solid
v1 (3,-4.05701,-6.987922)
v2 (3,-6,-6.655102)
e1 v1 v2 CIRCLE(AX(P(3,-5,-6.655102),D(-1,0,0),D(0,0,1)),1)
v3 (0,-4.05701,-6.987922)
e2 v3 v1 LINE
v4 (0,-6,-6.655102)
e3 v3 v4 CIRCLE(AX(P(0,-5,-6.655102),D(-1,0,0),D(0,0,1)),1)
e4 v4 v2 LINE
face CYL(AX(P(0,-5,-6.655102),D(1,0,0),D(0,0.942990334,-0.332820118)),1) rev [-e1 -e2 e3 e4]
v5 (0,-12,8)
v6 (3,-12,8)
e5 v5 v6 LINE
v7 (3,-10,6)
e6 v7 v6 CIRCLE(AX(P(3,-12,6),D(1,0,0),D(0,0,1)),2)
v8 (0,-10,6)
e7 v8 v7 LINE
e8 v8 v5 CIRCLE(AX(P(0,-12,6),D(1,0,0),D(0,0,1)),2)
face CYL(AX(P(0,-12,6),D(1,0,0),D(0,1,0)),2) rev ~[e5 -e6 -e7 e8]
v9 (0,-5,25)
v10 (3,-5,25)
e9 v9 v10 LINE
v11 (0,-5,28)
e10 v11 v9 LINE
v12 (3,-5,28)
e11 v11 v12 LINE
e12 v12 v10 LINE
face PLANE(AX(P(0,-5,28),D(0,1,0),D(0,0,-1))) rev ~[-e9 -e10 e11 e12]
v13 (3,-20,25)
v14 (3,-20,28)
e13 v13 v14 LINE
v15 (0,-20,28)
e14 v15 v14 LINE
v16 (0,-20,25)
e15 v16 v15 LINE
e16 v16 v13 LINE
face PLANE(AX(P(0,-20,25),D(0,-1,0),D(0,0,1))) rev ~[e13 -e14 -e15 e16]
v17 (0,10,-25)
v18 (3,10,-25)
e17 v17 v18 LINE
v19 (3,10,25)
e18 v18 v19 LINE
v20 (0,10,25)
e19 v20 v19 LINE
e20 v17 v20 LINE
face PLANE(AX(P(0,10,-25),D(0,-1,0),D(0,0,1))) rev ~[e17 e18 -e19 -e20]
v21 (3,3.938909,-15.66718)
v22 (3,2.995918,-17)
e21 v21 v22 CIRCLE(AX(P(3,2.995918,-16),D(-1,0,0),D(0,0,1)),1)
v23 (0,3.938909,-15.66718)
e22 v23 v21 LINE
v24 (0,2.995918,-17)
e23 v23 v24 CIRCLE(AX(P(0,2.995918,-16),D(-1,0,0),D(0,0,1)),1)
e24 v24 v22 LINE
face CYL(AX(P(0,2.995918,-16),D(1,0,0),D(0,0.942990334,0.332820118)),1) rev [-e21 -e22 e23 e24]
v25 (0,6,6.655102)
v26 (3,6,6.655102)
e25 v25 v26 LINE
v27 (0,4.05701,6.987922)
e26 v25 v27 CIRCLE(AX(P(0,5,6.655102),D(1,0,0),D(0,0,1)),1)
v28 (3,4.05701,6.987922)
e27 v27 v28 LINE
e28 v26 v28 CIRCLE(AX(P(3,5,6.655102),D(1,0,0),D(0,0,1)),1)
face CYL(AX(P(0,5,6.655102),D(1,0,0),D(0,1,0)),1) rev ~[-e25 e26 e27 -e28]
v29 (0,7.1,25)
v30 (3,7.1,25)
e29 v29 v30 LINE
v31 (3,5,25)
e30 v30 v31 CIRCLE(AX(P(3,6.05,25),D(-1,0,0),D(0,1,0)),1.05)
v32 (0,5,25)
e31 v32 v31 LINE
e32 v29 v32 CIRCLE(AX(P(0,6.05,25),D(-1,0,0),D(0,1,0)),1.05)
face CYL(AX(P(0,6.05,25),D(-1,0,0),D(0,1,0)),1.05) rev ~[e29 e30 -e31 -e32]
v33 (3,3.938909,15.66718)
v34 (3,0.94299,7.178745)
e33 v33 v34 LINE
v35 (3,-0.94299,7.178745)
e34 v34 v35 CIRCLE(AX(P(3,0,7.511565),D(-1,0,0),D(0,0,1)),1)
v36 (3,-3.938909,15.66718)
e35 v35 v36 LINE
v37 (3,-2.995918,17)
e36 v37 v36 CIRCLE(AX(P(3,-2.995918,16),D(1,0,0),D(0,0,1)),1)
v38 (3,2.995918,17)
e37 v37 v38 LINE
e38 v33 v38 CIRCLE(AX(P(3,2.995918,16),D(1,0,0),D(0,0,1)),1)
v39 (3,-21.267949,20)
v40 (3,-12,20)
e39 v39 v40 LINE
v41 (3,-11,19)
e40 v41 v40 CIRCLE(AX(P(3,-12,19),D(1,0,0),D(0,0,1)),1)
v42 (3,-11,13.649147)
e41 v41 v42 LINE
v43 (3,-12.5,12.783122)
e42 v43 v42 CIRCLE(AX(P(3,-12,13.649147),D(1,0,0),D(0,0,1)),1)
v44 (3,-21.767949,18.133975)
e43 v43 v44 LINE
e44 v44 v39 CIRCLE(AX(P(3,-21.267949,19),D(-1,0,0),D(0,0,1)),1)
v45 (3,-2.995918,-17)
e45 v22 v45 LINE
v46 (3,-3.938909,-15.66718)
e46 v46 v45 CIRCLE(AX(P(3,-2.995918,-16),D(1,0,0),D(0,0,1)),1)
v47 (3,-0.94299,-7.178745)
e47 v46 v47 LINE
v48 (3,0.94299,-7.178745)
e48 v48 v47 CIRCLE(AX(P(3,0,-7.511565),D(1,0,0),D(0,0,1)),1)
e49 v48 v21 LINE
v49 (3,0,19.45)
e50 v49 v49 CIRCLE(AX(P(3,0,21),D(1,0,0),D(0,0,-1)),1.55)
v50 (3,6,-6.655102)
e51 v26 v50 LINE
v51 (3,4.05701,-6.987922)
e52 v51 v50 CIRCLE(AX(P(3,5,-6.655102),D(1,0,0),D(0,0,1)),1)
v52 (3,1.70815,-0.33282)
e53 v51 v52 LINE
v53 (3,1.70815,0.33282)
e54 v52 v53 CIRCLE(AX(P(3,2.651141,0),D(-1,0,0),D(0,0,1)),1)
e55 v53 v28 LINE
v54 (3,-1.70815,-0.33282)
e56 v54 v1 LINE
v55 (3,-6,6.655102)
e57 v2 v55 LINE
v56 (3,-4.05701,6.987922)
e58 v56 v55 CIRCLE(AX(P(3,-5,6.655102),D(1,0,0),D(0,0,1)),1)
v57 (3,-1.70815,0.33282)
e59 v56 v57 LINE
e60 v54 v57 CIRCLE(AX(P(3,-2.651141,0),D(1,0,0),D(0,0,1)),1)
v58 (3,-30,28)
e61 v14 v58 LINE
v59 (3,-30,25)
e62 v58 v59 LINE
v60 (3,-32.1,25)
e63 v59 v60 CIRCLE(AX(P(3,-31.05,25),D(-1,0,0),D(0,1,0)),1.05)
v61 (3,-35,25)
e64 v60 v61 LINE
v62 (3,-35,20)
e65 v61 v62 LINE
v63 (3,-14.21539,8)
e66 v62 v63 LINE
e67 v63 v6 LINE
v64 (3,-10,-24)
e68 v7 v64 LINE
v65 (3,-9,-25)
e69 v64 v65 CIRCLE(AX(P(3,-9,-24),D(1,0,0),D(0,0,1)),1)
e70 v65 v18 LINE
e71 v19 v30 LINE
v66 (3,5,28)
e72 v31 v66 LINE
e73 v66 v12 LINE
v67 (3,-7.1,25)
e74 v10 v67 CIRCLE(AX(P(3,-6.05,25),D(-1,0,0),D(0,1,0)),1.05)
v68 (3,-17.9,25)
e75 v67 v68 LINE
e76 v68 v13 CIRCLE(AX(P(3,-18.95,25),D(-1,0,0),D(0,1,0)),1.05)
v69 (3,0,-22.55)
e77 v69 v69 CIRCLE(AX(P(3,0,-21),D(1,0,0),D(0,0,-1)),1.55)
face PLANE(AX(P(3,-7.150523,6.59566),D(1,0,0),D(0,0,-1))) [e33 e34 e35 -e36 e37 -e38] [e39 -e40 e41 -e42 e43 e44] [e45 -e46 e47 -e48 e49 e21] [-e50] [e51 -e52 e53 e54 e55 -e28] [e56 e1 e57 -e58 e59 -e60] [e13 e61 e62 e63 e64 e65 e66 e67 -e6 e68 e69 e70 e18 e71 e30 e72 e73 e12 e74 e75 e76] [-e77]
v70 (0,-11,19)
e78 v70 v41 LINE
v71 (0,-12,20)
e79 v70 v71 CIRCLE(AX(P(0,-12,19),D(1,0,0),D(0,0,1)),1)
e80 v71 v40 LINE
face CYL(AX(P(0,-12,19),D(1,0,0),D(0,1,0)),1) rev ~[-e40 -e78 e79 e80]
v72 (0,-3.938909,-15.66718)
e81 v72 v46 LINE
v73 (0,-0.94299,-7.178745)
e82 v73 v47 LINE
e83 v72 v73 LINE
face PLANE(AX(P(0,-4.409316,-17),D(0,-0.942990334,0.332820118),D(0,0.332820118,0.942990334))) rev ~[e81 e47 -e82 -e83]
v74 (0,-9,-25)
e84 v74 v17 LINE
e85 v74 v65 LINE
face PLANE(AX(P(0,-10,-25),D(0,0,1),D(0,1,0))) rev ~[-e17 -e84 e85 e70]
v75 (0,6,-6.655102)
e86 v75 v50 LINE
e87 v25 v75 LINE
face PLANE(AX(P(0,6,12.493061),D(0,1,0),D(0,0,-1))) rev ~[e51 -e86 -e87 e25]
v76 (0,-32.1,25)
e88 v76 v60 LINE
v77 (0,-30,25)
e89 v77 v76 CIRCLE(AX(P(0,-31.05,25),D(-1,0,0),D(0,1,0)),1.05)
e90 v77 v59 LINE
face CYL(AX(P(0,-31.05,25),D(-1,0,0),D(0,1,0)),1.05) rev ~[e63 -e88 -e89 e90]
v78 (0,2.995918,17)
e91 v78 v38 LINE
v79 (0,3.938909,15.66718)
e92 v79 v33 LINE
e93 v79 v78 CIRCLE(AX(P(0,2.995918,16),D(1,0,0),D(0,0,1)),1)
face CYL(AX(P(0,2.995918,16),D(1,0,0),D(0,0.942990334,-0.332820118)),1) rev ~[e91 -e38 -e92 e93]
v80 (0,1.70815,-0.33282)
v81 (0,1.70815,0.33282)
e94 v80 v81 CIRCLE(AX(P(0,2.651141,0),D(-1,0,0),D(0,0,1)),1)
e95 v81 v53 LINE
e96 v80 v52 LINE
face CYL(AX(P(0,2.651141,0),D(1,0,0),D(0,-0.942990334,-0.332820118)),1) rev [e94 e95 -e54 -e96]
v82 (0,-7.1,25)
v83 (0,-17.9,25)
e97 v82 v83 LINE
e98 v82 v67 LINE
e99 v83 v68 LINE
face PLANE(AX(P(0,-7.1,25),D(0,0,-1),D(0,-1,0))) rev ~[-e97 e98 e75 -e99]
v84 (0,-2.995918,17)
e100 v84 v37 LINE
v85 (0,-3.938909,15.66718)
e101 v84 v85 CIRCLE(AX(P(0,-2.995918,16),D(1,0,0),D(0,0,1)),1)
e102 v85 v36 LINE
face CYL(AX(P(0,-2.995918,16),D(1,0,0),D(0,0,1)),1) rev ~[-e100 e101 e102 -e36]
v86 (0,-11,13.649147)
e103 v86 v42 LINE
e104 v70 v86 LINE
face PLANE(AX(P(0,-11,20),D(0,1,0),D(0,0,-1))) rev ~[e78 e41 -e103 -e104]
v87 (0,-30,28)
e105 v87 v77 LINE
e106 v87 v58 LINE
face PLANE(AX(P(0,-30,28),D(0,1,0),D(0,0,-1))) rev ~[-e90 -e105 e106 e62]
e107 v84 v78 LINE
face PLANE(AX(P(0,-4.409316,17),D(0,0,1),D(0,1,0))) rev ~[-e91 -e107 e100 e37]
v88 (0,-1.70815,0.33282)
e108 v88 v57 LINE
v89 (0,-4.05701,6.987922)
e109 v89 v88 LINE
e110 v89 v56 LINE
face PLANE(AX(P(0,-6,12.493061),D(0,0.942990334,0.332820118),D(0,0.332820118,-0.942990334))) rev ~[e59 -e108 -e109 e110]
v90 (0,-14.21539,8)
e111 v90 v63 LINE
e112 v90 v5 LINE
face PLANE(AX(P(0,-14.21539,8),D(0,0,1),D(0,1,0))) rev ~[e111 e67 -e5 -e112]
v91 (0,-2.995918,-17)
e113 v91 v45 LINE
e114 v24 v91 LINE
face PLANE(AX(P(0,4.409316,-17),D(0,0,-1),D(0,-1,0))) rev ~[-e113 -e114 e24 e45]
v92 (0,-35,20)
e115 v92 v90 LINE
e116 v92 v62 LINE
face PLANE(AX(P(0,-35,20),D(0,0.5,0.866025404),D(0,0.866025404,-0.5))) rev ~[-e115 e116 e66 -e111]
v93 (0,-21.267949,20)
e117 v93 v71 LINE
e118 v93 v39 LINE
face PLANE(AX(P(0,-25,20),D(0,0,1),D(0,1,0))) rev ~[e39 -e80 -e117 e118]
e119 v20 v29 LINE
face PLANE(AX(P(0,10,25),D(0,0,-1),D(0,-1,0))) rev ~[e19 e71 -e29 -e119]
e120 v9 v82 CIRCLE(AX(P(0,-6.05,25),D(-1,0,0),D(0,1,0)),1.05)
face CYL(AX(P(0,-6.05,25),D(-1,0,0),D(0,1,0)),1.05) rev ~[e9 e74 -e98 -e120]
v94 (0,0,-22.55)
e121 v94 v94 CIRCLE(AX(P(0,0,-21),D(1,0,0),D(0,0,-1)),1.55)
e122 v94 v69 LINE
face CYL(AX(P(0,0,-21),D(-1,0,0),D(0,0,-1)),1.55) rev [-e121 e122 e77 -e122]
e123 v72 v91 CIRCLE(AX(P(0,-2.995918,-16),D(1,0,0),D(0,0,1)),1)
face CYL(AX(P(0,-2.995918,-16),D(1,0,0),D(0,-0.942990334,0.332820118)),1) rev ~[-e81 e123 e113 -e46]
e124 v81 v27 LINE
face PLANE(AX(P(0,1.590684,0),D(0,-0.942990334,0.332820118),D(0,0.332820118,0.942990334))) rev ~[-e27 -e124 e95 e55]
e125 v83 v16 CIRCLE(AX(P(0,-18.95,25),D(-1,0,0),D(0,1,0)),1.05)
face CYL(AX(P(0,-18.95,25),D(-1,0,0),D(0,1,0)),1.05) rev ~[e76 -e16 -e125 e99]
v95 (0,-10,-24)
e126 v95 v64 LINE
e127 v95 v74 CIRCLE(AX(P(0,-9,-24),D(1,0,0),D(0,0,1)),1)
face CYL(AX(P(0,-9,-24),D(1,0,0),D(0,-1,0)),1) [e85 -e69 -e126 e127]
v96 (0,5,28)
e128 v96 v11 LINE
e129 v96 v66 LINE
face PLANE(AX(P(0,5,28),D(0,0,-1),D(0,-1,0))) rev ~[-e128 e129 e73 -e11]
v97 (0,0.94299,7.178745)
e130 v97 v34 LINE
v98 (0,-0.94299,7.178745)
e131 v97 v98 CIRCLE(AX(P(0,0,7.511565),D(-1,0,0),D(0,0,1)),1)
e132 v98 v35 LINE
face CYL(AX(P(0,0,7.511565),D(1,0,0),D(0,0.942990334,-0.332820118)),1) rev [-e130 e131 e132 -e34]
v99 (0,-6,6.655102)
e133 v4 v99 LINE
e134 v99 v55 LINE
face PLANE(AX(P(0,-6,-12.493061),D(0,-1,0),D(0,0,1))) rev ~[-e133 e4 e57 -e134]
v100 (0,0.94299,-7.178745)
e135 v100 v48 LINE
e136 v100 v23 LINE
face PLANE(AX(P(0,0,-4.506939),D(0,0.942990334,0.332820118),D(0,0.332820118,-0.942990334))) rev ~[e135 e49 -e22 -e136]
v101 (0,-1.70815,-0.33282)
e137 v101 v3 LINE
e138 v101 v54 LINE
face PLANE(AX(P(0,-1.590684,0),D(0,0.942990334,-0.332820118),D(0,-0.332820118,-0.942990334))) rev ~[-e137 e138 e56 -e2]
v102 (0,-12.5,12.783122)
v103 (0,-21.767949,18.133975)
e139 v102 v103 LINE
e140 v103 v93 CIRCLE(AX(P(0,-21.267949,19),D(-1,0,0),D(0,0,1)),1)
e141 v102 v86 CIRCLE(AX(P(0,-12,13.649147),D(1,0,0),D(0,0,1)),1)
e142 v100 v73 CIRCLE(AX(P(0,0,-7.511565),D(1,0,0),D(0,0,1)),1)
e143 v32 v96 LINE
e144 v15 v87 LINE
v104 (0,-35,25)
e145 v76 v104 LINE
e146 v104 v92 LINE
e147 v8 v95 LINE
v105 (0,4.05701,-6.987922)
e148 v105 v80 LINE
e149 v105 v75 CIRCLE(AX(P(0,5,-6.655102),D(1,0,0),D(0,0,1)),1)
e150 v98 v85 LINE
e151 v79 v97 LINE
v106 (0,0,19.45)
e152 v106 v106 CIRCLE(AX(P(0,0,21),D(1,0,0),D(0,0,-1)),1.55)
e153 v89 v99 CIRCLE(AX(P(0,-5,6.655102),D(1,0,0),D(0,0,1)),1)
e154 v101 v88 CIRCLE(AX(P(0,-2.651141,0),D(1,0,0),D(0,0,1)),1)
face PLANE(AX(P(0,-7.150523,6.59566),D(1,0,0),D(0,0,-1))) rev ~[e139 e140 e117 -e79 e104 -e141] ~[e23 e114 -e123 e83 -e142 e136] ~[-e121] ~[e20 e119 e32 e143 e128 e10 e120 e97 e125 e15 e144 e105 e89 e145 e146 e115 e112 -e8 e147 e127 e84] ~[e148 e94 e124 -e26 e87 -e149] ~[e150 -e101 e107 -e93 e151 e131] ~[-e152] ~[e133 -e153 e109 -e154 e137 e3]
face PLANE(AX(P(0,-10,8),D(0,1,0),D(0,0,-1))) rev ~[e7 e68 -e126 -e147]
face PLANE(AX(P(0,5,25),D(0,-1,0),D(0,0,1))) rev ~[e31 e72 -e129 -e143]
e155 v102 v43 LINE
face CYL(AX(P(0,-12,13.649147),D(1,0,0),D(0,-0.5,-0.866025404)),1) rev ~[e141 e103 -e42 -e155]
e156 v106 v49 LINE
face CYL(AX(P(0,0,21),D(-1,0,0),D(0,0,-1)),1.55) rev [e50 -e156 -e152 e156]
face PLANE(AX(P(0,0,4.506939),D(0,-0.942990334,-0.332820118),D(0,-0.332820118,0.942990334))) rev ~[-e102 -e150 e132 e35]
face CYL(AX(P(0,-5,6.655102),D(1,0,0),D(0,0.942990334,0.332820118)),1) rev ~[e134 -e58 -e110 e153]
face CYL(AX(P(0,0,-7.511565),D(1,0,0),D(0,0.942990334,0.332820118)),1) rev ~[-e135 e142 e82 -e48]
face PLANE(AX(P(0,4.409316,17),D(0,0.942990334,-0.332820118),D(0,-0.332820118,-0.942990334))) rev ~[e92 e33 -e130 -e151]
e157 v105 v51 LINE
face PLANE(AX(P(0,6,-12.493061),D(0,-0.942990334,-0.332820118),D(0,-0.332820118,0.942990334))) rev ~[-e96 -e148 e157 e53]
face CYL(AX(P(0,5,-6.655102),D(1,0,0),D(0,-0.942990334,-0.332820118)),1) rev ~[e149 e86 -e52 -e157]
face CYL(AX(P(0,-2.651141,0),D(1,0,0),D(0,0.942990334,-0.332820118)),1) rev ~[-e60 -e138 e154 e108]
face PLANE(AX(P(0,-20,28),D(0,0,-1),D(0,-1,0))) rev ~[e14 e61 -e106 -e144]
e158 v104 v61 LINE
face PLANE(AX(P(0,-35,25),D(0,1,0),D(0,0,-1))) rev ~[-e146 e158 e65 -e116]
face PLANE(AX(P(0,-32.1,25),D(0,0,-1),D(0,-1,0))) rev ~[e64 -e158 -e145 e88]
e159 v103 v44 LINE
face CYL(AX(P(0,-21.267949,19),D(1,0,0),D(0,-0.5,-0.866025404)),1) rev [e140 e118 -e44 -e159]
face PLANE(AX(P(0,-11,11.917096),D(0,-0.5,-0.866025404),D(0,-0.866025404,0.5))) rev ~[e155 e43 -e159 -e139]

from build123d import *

# Parameters (mm, degrees)
SKETCH_1_R      = 1.55
EXTRUDE_1_DEPTH = 3
FILLET_1_R      = 1
FILLET_2_R      = 2


with BuildPart() as part:
    # 草图1 → 凸台-拉伸1 (new body)
    with BuildSketch(Plane(origin=(0, 0, 0), x_dir=(0, 0, -1), z_dir=(1, 0, 0))):
        with BuildLine():
            Line((-8, -10), (25, -10))
            Line((25, -10), (25, 10))
            Line((25, 10), (-25, 10))
            Line((-25, 10), (-25, 7.1))
            ThreePointArc((-25, 7.1), (-23.95, 6.05), (-25, 5))
            Line((-25, 5), (-28, 5))
            Line((-28, 5), (-28, -5))
            Line((-28, -5), (-25, -5))
            ThreePointArc((-25, -5), (-23.95, -6.05), (-25, -7.1))
            Line((-25, -7.1), (-25, -17.9))
            ThreePointArc((-25, -17.9), (-23.95, -18.95), (-25, -20))
            Line((-25, -20), (-28, -20))
            Line((-28, -20), (-28, -30))
            Line((-28, -30), (-25, -30))
            ThreePointArc((-25, -30), (-23.95, -31.05), (-25, -32.1))
            Line((-25, -32.1), (-25, -35))
            Line((-25, -35), (-20, -35))
            Line((-20, -35), (-8, -14.215390309))
            Line((-8, -14.215390309), (-8, -10))
        make_face()
        with Locations((-21, 0)):
            Circle(SKETCH_1_R, mode=Mode.SUBTRACT)
        Polygon((-4.506939094, 0), (-17, -4.409315614), (-17, 4.409315614), align=None, mode=Mode.SUBTRACT)
        Polygon((12.493060906, -6), (-12.493060906, -6), (0, -1.590684386), align=None, mode=Mode.SUBTRACT)
        Polygon((0, 1.590684386), (-12.493060906, 6), (12.493060906, 6), align=None, mode=Mode.SUBTRACT)
        Polygon((17, 4.409315614), (17, -4.409315614), (4.506939094, 0), align=None, mode=Mode.SUBTRACT)
        with Locations((21, 0)):
            Circle(SKETCH_1_R, mode=Mode.SUBTRACT)
        Polygon((-20, -25), (-20, -11), (-11.917096231, -11), align=None, mode=Mode.SUBTRACT)
    extrude(amount=EXTRUDE_1_DEPTH)

    # 圆角1
    fillet_1_edges = [part.edges().sort_by_distance(p)[0] for p in [
        (1.5, -11, 20),
        (1.5, -25, 20),
        (1.5, -11, 11.917096231),
        (1.5, 6, -12.493060906),
        (1.5, 6, 12.493060906),
        (1.5, 1.590684386, 0),
        (1.5, -4.409315614, 17),
        (1.5, 0, 4.506939094),
        (1.5, 4.409315614, 17),
        (1.5, -4.409315614, -17),
        (1.5, 4.409315614, -17),
        (1.5, 0, -4.506939094),
        (1.5, -6, 12.493060906),
        (1.5, -6, -12.493060906),
        (1.5, -1.590684386, 0),
        (1.5, -10, -25),
    ]]
    fillet(fillet_1_edges, radius=FILLET_1_R)

    # 圆角2
    fillet_2_edges = [part.edges().sort_by_distance(p)[0] for p in [
        (1.5, -10, 8),
    ]]
    fillet(fillet_2_edges, radius=FILLET_2_R)


solid = part.part
